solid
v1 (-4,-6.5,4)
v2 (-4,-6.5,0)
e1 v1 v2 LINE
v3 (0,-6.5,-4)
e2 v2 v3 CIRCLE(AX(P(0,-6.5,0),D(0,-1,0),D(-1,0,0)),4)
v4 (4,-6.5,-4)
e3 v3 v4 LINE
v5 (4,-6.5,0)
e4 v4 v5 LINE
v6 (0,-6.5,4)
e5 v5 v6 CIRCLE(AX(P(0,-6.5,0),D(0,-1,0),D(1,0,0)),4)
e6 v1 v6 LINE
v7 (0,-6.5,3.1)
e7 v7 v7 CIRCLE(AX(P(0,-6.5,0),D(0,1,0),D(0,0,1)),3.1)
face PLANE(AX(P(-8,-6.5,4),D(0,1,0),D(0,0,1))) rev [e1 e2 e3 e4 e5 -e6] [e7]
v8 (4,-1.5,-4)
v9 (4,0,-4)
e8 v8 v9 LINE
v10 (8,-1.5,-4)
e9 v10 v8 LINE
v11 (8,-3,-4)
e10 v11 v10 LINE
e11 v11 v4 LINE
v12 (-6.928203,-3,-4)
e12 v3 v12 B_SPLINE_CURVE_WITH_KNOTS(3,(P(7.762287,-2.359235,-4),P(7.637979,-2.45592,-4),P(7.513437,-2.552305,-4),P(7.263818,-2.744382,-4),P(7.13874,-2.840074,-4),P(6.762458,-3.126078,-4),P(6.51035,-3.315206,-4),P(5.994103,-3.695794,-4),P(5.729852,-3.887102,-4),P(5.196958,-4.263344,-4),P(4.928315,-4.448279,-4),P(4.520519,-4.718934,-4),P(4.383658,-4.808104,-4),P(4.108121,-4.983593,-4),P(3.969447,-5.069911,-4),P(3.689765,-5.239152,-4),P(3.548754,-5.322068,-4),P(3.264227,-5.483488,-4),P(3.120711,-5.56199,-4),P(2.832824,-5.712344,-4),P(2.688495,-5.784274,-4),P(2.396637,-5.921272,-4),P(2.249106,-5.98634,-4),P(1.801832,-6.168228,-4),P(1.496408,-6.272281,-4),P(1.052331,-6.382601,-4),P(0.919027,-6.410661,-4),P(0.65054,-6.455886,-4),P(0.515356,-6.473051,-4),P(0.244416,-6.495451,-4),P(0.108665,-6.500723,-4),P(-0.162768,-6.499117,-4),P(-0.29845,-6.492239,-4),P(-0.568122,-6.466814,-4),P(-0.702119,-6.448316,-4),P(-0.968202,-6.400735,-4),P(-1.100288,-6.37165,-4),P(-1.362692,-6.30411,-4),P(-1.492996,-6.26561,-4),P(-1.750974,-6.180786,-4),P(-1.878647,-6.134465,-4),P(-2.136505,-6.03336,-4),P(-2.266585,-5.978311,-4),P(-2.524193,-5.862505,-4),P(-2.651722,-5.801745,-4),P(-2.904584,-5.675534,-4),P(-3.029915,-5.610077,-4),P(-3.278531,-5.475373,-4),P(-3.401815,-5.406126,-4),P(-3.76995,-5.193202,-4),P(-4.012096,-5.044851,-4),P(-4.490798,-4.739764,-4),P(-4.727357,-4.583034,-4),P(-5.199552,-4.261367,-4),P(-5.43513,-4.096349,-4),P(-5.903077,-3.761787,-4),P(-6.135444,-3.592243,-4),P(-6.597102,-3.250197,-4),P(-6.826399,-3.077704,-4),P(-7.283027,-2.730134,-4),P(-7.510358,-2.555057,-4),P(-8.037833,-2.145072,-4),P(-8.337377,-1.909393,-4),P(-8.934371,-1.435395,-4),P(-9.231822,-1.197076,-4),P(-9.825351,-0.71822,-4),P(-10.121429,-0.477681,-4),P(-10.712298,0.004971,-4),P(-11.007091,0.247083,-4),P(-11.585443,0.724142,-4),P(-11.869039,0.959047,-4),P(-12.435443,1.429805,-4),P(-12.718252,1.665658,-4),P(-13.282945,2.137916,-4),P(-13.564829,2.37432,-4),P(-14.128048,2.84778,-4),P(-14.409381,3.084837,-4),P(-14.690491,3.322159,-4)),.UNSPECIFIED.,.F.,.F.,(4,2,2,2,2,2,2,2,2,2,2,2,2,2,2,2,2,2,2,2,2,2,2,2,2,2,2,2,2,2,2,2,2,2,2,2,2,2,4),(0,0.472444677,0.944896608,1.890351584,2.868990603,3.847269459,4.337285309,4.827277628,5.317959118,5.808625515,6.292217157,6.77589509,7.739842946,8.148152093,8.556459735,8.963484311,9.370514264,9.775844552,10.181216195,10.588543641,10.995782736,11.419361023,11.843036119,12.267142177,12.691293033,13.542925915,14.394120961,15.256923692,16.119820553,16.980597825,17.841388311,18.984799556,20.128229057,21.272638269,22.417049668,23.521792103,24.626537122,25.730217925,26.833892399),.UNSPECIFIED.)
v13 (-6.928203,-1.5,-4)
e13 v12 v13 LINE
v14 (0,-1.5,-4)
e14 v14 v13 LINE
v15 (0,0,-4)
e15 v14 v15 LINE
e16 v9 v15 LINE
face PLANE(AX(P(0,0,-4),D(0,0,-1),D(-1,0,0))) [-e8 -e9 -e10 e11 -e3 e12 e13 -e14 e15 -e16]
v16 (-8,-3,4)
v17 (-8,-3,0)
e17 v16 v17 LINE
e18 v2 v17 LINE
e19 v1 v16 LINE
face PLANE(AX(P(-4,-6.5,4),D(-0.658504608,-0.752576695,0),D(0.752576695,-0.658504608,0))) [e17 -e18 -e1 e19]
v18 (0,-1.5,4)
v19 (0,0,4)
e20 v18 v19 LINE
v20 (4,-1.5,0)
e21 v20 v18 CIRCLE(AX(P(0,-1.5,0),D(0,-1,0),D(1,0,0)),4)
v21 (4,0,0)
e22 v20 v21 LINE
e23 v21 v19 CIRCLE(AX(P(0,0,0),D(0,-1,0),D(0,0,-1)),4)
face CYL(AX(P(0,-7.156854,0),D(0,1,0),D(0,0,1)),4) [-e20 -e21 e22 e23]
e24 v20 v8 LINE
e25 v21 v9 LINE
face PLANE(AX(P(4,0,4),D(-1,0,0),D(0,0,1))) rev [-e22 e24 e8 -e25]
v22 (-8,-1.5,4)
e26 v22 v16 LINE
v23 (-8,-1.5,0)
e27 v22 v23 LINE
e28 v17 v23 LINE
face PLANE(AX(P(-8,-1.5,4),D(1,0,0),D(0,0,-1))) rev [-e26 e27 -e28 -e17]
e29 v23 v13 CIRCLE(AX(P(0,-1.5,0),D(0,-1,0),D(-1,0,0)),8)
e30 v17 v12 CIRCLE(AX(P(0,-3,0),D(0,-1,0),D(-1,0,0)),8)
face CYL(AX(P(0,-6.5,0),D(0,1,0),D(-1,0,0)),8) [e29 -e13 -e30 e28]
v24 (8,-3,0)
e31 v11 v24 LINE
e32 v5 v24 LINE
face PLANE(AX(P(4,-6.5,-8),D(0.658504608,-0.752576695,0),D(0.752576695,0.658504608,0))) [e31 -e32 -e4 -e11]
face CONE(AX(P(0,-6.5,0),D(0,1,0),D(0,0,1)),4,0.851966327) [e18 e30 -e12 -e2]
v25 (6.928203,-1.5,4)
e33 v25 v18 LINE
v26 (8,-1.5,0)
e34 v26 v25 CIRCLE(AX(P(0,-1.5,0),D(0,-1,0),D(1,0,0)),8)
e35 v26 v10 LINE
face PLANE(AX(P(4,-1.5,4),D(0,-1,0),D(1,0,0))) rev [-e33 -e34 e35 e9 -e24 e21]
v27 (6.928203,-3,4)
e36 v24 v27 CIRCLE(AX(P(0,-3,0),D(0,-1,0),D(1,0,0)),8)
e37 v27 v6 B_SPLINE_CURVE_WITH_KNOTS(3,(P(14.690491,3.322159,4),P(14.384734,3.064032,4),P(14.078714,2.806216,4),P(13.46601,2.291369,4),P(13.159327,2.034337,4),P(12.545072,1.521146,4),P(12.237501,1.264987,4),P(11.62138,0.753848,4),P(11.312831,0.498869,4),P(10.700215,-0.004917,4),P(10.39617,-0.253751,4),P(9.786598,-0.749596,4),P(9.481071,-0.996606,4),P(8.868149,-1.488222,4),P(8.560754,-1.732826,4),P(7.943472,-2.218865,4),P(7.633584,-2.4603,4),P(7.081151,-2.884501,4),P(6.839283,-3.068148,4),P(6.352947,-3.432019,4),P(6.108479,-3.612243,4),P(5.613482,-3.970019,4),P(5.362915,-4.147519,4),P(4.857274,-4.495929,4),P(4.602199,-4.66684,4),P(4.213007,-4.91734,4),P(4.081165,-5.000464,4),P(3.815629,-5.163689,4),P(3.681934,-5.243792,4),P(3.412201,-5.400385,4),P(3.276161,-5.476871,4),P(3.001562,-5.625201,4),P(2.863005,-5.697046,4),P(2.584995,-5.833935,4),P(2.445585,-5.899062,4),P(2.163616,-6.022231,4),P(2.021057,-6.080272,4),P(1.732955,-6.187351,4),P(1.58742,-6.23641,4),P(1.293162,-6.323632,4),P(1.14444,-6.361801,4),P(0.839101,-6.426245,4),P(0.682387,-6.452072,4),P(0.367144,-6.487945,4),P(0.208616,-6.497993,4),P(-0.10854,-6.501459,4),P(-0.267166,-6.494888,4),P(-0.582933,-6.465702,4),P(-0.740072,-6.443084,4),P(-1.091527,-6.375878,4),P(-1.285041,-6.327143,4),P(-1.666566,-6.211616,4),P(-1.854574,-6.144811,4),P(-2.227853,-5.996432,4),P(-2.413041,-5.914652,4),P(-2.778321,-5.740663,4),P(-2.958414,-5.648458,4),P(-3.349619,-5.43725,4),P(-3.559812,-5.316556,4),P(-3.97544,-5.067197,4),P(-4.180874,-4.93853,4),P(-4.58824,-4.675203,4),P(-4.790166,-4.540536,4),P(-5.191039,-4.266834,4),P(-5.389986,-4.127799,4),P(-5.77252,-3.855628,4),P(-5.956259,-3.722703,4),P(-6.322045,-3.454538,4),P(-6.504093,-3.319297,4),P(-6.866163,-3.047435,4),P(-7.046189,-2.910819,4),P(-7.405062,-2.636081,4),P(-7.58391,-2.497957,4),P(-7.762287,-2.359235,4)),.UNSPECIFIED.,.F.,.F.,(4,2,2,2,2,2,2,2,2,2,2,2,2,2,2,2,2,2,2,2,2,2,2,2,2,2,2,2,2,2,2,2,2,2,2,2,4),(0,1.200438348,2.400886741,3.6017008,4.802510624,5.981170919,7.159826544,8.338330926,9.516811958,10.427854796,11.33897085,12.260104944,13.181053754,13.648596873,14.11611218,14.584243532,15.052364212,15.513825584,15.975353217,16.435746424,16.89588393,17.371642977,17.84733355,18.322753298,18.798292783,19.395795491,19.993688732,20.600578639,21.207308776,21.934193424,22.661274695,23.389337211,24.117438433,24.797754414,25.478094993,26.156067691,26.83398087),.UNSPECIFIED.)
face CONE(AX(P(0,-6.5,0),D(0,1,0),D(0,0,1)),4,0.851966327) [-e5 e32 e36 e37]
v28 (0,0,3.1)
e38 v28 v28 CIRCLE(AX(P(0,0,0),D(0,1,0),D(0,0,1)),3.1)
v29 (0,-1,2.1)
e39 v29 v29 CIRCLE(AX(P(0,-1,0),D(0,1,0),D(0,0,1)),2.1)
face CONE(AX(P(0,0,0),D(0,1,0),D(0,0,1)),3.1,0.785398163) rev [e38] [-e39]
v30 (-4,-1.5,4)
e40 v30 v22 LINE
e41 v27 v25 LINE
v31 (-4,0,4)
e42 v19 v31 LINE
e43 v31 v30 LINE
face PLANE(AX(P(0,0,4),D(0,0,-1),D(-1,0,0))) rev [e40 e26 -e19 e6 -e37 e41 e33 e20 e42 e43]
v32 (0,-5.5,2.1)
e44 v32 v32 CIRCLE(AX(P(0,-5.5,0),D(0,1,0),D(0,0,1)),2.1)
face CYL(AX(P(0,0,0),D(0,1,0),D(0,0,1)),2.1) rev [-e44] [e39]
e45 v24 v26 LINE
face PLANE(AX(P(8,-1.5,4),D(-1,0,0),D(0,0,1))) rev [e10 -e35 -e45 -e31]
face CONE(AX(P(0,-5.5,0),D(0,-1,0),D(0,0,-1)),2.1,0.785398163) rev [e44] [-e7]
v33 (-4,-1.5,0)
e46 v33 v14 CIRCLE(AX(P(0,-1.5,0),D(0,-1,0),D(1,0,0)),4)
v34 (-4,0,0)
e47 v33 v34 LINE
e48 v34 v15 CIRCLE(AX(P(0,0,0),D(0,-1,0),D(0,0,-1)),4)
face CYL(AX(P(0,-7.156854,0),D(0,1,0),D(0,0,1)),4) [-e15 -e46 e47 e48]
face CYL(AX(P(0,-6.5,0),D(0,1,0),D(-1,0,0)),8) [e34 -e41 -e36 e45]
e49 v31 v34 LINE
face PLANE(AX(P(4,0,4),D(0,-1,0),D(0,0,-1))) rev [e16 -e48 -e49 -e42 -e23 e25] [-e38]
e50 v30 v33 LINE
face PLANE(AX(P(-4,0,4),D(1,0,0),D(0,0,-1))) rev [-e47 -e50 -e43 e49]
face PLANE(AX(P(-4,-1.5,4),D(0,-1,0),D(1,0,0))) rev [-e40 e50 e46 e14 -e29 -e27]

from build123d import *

# Parameters (mm, degrees)
EXTRUDE_1_DEPTH     = 4
CUT_EXTRUDE_1_DEPTH = 1.5
CUT_EXTRUDE_2_DEPTH = 6


with BuildPart() as part:
    # Эскиз1 → Бобышка-Вытянуть1 (new body, symmetric)
    with BuildSketch(Plane.XY):
        Polygon((4, 0), (-4, 0), (-4, -1.5), (-8, -1.5), (-8, -6.5), (8, -6.5), (8, -1.5), (4, -1.5), align=None)
    extrude(amount=EXTRUDE_1_DEPTH, both=True)

    # Эскиз3 → Отверстие обработанное метчиком M52 (revolve, cut)
    with BuildSketch(Plane(origin=(0, 0, 0), x_dir=(0, 0, 1), z_dir=(1, 0, 0))):
        Polygon((0, 0), (0, 6.5), (3.1, 6.5), (2.1, 5.5), (2.1, 1), (3.1, 0), align=None)
    revolve(axis=Axis((0, 6.35, 0), (0, -1, 0)), mode=Mode.SUBTRACT)

    # Эскиз4 → Вырез-Вытянуть1 (cut)
    with BuildSketch(Plane(origin=(0, 0, 0), x_dir=(1, 0, 0), z_dir=(0, 1, 0))):
        with BuildLine():
            Line((-4, 4), (-4, 0))
            ThreePointArc((-4, 0), (-2.828427125, 2.828427125), (0, 4))
            Line((0, 4), (-4, 4))
        make_face()
        with BuildLine():
            Line((0, -4), (4, -4))
            Line((4, -4), (4, 0))
            ThreePointArc((4, 0), (2.828427125, -2.828427125), (0, -4))
        make_face()
    extrude(amount=-CUT_EXTRUDE_1_DEPTH, mode=Mode.SUBTRACT)

    # Эскиз5 → Вырез-Вытянуть2 (cut, through all)
    with BuildSketch(Plane(origin=(0, -1.5, 0), x_dir=(1, 0, 0), z_dir=(0, 1, 0))):
        with BuildLine():
            Line((-8, 0), (-8, 4))
            Line((-8, 4), (-6.92820323, 4))
            ThreePointArc((-6.92820323, 4), (-7.72740661, 2.070552361), (-8, 0))
        make_face()
        with BuildLine():
            Line((8, 0), (8, -4))
            Line((8, -4), (6.92820323, -4))
            ThreePointArc((6.92820323, -4), (7.72740661, -2.070552361), (8, 0))
        make_face()
    extrude(amount=-CUT_EXTRUDE_2_DEPTH, mode=Mode.SUBTRACT)

    # Вырез-По траектории1: sweep along a path in Эскиз7
    with BuildLine(Plane.XZ.offset(6.5)) as sweep_1_path:
        Line((0, 8), (-8, 8))
        Line((-8, 8), (-8, 0))
        ThreePointArc((-8, 0), (-5.656854249, -5.656854249), (0, -8))
        Line((0, -8), (8, -8))
        Line((8, -8), (8, 0))
        ThreePointArc((8, 0), (5.656854249, 5.656854249), (0, 8))
    # Эскиз6 → Вырез-По траектории1 (sweep, cut)
    with BuildSketch(Plane.XY.offset(4)):
        Polygon((-8, -3), (-8, -6.5), (-4, -6.5), align=None)
    sweep(path=sweep_1_path.line, transition=Transition.RIGHT, mode=Mode.SUBTRACT)


solid = part.part
